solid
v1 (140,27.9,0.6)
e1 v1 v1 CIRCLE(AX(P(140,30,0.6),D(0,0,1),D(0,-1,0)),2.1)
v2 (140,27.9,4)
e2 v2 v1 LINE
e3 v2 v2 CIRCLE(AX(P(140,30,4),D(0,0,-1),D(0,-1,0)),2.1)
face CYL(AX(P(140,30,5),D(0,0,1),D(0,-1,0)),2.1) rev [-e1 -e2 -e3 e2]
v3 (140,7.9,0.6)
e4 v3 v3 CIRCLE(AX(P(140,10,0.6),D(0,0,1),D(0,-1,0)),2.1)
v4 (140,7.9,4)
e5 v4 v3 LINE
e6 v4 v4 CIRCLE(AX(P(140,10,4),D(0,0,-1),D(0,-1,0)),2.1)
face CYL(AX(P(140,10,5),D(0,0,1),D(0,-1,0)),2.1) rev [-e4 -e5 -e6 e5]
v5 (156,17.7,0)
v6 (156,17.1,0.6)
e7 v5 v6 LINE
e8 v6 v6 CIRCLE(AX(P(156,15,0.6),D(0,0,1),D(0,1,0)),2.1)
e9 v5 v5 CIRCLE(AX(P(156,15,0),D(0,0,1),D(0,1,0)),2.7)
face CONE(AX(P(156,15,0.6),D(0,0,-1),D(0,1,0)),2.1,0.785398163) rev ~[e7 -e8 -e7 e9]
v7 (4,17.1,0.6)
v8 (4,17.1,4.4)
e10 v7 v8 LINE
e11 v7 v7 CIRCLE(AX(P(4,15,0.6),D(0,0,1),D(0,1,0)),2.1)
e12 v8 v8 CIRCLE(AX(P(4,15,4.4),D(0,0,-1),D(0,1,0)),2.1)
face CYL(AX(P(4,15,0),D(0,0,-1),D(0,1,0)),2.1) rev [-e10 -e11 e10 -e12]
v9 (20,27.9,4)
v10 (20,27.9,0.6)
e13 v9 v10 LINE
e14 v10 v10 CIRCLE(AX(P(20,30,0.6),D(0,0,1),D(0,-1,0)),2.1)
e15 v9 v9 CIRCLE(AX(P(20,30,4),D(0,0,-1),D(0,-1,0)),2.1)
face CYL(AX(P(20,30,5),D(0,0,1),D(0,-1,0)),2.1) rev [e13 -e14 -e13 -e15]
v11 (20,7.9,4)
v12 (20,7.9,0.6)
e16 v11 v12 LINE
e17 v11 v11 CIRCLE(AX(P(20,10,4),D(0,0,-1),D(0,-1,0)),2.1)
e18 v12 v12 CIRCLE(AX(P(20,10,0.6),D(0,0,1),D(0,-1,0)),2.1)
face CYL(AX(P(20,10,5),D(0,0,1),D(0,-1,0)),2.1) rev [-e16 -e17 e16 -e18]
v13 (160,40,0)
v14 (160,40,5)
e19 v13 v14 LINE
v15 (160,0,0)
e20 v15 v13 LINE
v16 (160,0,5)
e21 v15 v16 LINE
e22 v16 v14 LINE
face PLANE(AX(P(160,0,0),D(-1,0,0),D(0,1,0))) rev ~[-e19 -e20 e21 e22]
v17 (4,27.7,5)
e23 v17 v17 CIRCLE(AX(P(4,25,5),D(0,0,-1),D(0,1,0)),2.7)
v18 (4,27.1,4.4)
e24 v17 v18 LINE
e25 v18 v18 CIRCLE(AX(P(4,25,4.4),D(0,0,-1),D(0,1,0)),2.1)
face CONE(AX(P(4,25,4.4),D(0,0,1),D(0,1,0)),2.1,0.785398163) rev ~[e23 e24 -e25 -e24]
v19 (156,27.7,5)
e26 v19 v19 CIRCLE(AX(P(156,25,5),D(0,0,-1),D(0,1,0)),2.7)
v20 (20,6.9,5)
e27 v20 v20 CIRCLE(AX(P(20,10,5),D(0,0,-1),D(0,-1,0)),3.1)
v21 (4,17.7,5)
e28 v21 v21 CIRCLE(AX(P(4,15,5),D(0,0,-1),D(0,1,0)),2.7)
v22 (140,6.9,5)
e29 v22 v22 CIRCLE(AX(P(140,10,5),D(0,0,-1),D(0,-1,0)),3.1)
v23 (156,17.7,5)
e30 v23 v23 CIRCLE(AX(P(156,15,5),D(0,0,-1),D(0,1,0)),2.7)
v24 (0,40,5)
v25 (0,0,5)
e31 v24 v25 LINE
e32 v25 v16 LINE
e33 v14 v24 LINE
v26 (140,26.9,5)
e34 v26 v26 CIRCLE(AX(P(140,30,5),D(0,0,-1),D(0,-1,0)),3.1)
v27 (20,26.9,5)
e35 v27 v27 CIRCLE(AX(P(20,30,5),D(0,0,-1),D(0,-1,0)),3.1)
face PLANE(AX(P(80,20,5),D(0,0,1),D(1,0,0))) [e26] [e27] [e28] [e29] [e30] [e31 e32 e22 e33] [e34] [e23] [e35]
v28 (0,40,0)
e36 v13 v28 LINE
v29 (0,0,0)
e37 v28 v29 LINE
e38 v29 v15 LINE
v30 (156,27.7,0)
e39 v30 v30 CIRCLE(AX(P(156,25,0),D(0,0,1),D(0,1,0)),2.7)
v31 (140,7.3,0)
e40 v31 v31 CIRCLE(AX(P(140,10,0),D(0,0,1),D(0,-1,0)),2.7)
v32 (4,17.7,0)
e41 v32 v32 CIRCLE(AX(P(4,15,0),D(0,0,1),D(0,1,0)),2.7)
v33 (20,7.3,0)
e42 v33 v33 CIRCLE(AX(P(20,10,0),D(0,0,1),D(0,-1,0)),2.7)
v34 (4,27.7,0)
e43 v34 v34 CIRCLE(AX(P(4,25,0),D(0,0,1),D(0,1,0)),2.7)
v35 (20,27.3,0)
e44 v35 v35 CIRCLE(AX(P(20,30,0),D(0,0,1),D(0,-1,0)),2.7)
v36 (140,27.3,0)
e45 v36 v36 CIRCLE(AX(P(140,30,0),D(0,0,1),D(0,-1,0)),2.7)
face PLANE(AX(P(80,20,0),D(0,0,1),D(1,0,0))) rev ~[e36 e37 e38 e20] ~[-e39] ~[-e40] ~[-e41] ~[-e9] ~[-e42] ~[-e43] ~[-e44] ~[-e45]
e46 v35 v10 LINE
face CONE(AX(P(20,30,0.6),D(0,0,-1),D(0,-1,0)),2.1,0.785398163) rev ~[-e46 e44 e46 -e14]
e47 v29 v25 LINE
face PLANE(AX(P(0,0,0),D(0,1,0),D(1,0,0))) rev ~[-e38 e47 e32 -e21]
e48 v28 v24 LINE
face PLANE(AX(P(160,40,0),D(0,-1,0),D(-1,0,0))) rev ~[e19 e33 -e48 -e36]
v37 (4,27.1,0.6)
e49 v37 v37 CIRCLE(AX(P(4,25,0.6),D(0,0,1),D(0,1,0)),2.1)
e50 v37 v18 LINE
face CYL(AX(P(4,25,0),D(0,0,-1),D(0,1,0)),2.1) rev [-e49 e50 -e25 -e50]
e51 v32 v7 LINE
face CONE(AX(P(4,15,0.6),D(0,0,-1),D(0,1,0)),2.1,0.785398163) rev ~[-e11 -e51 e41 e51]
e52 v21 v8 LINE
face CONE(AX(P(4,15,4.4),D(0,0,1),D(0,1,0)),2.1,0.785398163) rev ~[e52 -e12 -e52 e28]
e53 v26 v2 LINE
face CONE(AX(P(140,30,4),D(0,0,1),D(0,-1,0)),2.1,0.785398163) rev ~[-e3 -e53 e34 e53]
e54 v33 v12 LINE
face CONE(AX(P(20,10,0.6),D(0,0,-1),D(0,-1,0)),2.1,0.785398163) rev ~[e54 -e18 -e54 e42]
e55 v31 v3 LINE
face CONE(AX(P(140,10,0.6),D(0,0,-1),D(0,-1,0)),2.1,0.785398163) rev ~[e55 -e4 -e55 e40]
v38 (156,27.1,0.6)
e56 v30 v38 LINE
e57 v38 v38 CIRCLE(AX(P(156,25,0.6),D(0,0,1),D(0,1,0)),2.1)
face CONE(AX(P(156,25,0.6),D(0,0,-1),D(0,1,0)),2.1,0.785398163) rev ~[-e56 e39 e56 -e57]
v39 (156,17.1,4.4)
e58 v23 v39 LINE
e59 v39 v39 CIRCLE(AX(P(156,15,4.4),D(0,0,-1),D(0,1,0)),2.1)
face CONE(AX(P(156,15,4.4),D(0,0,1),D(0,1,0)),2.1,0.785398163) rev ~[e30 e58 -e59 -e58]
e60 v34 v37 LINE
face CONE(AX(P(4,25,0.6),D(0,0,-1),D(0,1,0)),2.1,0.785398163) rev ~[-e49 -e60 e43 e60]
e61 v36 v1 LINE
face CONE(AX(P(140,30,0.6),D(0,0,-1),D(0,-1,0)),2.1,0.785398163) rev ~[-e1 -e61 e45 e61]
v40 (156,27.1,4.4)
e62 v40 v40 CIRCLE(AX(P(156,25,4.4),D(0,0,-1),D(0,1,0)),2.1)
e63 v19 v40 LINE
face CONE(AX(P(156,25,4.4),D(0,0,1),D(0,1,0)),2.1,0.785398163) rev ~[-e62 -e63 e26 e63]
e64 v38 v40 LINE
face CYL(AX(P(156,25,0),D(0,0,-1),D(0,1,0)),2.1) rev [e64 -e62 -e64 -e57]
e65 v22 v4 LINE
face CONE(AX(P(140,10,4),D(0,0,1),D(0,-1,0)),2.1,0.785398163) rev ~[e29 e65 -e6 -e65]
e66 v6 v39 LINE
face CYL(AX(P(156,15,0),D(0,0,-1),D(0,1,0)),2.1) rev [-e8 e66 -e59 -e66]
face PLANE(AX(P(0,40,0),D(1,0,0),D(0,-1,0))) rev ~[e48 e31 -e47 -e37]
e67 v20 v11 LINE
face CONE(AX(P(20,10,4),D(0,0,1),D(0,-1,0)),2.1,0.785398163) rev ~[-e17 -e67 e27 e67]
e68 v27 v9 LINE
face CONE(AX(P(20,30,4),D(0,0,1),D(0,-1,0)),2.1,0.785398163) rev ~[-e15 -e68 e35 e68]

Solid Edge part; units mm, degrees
sketch "Sketch1" plane through (0, 0, 0) normal (0, 0, 1) x (1, 0, 0)
  line L0 (160, 0) -> (160, 40)
  line L1 (160, 40) -> (0, 40)
  line L2 (0, 40) -> (0, 0)
  line L3 (0, 0) -> (160, 0)
extrude "Protrusion1" add sketch "Sketch1" along normal blind 5
hole "Hole_2" at (20, 10, 5) direction (0, 0, -1) diameter 4.2 end up to next start chamfer 1 start chamfer angle 45 end chamfer 0.6 end chamfer angle 45
hole "Hole1" at (140, 10, 5) direction (0, 0, -1) diameter 4.2 end up to next start chamfer 1 start chamfer angle 45 end chamfer 0.6 end chamfer angle 45
hole "Hole2" at (140, 30, 5) direction (0, 0, -1) diameter 4.2 end up to next start chamfer 1 start chamfer angle 45 end chamfer 0.6 end chamfer angle 45
hole "Hole3" at (20, 30, 5) direction (0, 0, -1) diameter 4.2 end up to next start chamfer 1 start chamfer angle 45 end chamfer 0.6 end chamfer angle 45
hole "Hole_10" at (156, 25, 0) direction (0, 0, 1) diameter 4.2 end up to next start chamfer 0.6 start chamfer angle 45 end chamfer 0.6 end chamfer angle 45
hole "Hole4" at (4, 25, 0) direction (0, 0, 1) diameter 4.2 end up to next start chamfer 0.6 start chamfer angle 45 end chamfer 0.6 end chamfer angle 45
hole "Hole5" at (4, 15, 0) direction (0, 0, 1) diameter 4.2 end up to next start chamfer 0.6 start chamfer angle 45 end chamfer 0.6 end chamfer angle 45
hole "Hole6" at (156, 15, 0) direction (0, 0, 1) diameter 4.2 end up to next start chamfer 0.6 start chamfer angle 45 end chamfer 0.6 end chamfer angle 45
